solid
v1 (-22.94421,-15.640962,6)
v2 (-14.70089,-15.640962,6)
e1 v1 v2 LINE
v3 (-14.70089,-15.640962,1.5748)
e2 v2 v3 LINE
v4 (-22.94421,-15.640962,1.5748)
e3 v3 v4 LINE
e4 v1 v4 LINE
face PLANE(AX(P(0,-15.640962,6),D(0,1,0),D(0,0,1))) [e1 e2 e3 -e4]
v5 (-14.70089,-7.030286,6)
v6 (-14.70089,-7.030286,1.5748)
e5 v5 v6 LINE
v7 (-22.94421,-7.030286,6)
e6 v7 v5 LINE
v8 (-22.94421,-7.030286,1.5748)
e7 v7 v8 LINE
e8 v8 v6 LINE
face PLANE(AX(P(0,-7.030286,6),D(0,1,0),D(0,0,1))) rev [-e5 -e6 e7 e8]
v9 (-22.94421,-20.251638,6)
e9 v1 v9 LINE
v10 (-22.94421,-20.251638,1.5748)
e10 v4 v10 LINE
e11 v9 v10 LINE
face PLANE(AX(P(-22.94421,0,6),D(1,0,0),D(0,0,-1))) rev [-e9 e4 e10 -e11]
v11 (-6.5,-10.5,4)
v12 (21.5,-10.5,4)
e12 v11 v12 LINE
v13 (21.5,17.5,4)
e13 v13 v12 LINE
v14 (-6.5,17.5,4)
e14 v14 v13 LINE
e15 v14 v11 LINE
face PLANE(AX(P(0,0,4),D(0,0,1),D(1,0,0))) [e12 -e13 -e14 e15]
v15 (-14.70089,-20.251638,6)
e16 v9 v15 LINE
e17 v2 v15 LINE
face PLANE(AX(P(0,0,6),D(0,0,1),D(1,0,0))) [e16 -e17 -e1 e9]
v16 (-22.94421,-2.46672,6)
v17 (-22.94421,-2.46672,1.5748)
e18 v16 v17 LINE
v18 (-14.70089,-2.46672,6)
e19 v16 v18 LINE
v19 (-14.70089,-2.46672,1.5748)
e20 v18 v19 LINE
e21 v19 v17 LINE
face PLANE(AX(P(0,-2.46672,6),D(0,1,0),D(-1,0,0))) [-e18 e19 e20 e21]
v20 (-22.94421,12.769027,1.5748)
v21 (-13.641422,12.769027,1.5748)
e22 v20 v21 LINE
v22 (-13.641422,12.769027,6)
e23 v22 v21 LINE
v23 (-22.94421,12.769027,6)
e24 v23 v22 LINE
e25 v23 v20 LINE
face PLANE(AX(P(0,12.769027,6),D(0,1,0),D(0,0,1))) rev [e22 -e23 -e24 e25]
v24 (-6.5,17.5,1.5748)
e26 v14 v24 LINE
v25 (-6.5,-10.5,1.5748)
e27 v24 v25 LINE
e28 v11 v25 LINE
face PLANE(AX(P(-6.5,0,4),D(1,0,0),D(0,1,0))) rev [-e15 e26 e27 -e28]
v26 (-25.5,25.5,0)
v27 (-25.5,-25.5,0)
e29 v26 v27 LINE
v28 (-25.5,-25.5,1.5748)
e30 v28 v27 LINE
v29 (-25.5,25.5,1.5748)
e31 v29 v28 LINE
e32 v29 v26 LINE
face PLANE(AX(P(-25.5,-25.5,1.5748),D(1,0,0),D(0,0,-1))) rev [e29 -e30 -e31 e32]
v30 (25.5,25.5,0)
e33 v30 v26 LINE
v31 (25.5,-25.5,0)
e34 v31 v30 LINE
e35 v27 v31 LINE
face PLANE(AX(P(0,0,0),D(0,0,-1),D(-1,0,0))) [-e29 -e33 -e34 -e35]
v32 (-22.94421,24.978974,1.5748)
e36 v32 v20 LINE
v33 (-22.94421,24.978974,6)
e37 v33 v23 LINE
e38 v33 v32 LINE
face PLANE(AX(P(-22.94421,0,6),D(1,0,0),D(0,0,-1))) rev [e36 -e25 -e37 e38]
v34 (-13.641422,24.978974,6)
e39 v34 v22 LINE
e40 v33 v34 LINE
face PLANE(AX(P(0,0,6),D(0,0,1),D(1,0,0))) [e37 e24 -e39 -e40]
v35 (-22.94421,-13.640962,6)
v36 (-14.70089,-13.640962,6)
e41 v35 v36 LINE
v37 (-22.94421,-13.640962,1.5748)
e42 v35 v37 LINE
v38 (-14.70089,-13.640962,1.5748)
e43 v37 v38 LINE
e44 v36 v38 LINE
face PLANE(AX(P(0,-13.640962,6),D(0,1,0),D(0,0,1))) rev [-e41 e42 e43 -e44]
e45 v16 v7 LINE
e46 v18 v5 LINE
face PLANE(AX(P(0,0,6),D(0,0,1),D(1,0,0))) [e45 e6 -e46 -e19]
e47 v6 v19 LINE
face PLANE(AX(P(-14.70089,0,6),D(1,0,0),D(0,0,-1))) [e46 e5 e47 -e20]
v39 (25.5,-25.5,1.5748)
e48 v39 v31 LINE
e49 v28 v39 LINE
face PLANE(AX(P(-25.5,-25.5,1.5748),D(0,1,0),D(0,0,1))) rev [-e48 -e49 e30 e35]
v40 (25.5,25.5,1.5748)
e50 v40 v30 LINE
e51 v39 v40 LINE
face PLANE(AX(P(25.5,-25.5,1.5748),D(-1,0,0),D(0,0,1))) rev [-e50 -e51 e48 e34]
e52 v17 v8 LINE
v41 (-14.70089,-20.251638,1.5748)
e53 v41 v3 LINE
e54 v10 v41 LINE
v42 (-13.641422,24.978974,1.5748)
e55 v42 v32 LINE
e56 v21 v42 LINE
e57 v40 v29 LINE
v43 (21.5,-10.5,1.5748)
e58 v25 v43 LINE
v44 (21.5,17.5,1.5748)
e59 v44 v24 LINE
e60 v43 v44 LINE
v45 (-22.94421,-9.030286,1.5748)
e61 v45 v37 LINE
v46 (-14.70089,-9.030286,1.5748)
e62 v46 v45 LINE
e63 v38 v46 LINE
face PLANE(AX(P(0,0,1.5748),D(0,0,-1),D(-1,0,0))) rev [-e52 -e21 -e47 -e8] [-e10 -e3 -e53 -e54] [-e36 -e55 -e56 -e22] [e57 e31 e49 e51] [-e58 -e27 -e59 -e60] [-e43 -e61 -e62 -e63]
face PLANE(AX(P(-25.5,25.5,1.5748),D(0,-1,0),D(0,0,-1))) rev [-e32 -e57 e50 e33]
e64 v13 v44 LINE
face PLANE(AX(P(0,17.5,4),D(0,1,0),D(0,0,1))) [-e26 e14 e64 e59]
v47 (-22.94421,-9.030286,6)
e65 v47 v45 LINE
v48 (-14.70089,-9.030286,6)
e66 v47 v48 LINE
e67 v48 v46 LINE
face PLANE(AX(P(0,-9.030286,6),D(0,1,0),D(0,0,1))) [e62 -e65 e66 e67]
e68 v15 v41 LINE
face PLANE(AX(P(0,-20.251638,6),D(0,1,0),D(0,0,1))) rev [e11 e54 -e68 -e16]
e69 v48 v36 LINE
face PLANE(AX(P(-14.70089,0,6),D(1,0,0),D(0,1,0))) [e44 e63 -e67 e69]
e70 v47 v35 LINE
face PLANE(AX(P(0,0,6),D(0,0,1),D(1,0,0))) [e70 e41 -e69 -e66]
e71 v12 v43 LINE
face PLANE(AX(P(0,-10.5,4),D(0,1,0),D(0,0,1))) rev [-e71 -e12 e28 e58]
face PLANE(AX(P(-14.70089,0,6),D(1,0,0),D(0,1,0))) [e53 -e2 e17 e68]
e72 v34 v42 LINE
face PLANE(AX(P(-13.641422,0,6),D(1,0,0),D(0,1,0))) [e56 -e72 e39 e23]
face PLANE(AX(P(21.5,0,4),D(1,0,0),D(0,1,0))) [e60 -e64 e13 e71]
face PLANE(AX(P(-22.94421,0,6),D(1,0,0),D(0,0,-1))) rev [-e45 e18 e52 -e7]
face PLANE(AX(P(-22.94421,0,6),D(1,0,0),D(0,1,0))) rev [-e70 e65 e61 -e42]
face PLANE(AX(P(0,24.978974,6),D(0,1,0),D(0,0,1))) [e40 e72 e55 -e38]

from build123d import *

# Parameters (mm, degrees)
SKETCH1_W           = 51
SKETCH1_H           = 51
SKETCH1_W_2         = 28
SKETCH1_H_2         = 28
SKETCH1_W_3         = 9.30278776
SKETCH1_H_3         = 12.209946987
SKETCH1_W_4         = 8.24332
SKETCH1_H_4         = 4.56356538
SKETCH1_H_5         = 4.61067604
BOSS_EXTRUDE1_DEPTH = 1.5748
SKETCH1_2_W         = 28
SKETCH1_2_H         = 28
BOSS_EXTRUDE2_DEPTH = 4
SKETCH1_3_W         = 9.30278776
SKETCH1_3_H         = 12.209946987
SKETCH1_3_W_2       = 8.24332
SKETCH1_3_H_2       = 4.56356538
SKETCH1_3_H_3       = 4.61067604
BOSS_EXTRUDE3_DEPTH = 6


with BuildPart() as part:
    # Sketch1 → Boss-Extrude1 (new body)
    with BuildSketch(Plane.XY):
        Rectangle(SKETCH1_W, SKETCH1_H)
        with Locations((7.5, 3.5)):
            Rectangle(SKETCH1_W_2, SKETCH1_H_2, mode=Mode.SUBTRACT)
        with Locations((-18.29281594, 18.874000471)):
            Rectangle(SKETCH1_W_3, SKETCH1_H_3, mode=Mode.SUBTRACT)
        with Locations((-18.82254982, -4.74850311)):
            Rectangle(SKETCH1_W_4, SKETCH1_H_4, mode=Mode.SUBTRACT)
        with Locations((-18.82254982, -11.33562382)):
            Rectangle(SKETCH1_W_4, SKETCH1_H_5, mode=Mode.SUBTRACT)
        with Locations((-18.82254982, -17.94629986)):
            Rectangle(SKETCH1_W_4, SKETCH1_H_5, mode=Mode.SUBTRACT)
    extrude(amount=BOSS_EXTRUDE1_DEPTH)

    # Sketch1<2> → Boss-Extrude2 (add)
    with BuildSketch(Plane.XY):
        with Locations((7.5, 3.5)):
            Rectangle(SKETCH1_2_W, SKETCH1_2_H)
    extrude(amount=BOSS_EXTRUDE2_DEPTH)

    # Sketch1<3> → Boss-Extrude3 (add)
    with BuildSketch(Plane.XY):
        with Locations((-18.29281594, 18.874000471)):
            Rectangle(SKETCH1_3_W, SKETCH1_3_H)
        with Locations((-18.82254982, -4.74850311)):
            Rectangle(SKETCH1_3_W_2, SKETCH1_3_H_2)
        with Locations((-18.82254982, -11.33562382)):
            Rectangle(SKETCH1_3_W_2, SKETCH1_3_H_3)
        with Locations((-18.82254982, -17.94629986)):
            Rectangle(SKETCH1_3_W_2, SKETCH1_3_H_3)
    extrude(amount=BOSS_EXTRUDE3_DEPTH)


solid = part.part
